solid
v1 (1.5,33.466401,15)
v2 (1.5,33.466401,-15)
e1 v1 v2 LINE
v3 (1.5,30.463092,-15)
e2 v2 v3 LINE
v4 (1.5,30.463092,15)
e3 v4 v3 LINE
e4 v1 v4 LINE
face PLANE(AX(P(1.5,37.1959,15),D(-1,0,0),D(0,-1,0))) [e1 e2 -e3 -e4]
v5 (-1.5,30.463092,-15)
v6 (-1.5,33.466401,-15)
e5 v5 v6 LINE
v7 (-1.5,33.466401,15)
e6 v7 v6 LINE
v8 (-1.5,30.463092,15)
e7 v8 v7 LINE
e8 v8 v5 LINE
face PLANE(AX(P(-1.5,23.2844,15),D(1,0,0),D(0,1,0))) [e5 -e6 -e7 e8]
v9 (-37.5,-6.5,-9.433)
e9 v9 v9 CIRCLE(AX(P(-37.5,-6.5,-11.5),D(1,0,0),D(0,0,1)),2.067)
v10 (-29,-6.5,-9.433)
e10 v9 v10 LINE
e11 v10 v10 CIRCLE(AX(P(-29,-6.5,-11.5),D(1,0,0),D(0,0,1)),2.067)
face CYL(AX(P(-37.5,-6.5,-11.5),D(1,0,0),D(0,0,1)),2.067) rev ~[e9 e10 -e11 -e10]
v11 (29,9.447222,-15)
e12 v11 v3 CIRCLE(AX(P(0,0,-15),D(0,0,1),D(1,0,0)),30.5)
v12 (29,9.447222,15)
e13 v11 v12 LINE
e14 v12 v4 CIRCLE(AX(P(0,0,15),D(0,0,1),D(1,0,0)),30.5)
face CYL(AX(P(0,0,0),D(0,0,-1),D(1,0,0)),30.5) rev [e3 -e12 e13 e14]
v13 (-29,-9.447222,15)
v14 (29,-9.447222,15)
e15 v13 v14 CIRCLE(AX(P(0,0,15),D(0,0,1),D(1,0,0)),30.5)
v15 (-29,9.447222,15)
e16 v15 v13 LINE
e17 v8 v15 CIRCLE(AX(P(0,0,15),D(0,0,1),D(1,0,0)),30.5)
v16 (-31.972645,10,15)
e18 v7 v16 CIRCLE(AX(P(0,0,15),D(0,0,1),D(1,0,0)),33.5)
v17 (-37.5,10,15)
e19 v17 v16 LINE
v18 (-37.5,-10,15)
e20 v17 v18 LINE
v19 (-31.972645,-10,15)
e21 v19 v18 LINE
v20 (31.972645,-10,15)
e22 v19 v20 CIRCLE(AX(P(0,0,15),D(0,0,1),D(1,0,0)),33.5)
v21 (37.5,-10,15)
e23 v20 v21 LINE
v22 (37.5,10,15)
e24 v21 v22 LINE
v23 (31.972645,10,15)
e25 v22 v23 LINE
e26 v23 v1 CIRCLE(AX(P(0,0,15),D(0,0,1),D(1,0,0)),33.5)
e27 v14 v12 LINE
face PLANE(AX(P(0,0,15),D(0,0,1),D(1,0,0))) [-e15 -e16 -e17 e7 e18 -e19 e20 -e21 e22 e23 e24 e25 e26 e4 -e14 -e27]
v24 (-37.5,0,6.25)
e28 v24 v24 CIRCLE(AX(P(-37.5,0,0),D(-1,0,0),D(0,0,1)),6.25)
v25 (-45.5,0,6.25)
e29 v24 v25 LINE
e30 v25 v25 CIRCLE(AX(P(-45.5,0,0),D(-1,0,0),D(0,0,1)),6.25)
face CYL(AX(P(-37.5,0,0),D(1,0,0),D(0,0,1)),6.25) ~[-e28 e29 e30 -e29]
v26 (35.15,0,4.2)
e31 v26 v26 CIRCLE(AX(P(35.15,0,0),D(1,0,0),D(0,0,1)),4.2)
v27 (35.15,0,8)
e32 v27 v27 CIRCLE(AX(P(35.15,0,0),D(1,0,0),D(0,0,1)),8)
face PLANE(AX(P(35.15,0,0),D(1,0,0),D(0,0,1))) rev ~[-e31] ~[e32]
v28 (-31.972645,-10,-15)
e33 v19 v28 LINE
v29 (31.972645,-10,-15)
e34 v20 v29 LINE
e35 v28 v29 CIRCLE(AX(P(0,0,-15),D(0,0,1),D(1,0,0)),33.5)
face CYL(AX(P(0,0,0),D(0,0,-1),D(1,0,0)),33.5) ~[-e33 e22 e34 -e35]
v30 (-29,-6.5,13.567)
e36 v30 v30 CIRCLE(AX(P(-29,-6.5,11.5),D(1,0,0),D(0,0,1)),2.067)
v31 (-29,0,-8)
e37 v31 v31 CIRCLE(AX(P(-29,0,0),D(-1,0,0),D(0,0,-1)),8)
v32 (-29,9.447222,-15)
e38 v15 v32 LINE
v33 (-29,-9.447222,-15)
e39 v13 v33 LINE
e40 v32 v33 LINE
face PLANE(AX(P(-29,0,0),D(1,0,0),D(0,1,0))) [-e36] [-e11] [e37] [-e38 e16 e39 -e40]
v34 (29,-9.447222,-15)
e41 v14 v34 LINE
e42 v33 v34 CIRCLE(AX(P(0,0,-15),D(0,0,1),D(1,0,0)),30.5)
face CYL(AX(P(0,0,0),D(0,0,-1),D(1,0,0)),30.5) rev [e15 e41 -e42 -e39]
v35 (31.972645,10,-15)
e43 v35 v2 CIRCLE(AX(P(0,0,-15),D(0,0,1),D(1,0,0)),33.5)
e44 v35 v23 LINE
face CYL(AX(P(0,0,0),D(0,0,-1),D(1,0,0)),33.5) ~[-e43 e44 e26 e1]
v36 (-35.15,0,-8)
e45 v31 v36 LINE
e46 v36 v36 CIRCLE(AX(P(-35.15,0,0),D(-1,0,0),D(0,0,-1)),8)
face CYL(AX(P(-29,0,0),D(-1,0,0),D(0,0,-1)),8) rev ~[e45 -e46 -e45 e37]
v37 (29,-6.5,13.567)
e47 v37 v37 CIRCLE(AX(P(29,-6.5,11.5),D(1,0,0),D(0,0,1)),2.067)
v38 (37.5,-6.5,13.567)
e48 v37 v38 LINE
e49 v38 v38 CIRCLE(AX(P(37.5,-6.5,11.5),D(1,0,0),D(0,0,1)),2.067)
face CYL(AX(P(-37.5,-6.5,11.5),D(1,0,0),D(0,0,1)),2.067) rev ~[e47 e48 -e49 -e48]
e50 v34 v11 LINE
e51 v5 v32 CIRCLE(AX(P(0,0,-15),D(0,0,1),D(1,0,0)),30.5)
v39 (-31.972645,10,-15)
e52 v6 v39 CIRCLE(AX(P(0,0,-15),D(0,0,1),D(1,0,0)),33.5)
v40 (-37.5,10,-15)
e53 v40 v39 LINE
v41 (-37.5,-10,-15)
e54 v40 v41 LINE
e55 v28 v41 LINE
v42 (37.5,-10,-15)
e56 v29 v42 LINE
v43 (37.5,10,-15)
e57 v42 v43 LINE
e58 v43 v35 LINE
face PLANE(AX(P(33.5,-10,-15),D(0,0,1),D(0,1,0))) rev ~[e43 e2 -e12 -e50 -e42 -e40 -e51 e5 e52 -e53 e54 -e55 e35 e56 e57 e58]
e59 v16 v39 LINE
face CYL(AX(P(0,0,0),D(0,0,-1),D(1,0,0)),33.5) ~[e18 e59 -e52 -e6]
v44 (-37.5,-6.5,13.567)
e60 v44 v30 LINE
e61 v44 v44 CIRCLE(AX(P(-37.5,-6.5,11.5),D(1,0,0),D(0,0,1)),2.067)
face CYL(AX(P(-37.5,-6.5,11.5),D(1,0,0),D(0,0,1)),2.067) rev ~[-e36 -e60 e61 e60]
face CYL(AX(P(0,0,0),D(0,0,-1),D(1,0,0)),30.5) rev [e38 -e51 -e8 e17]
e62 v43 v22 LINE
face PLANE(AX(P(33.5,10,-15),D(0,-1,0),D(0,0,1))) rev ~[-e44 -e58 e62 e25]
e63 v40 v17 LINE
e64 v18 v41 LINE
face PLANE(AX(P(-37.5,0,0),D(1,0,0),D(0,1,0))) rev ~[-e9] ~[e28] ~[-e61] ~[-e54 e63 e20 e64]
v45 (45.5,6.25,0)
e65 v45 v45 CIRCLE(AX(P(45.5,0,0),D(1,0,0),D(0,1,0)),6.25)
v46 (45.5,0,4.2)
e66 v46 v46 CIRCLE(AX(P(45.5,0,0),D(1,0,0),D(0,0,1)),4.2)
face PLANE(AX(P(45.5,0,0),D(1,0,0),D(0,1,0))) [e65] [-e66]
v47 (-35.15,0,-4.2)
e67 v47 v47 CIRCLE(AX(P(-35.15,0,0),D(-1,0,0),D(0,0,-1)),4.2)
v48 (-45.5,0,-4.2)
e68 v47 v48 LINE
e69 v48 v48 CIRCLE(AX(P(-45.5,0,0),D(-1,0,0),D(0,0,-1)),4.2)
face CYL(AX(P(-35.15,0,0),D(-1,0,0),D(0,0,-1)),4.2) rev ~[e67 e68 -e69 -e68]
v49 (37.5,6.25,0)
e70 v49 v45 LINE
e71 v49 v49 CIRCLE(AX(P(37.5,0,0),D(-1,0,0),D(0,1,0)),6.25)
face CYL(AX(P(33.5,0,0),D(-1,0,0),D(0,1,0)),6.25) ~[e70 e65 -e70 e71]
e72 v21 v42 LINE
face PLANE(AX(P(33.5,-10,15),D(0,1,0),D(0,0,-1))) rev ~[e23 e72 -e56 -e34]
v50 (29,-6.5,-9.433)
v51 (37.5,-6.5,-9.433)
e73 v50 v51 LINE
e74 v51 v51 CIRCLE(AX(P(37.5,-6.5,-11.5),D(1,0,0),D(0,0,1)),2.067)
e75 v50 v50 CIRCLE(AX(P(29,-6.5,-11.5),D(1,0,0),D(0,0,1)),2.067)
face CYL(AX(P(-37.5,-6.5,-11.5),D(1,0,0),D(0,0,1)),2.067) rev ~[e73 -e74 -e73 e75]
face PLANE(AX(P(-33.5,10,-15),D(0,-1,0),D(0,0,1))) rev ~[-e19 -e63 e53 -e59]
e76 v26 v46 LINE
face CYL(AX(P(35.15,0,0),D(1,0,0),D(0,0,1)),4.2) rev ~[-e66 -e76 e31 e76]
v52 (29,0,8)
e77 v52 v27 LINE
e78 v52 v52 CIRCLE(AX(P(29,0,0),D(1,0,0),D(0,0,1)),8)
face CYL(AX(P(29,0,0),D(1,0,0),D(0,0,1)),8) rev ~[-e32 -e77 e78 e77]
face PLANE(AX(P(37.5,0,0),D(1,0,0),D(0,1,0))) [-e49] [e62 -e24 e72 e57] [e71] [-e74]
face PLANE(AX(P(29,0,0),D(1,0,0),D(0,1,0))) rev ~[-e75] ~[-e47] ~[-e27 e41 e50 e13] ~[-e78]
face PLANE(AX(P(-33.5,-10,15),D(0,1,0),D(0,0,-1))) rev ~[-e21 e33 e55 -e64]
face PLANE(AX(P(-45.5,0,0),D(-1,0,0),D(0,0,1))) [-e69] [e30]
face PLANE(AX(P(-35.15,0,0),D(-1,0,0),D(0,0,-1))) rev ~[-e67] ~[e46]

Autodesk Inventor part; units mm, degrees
ref_plane "XZ Plane" through (0, 0, 0) normal (0, 1, 0) x (-1, 0, 0)
ref_plane "XY Plane" through (0, 0, 0) normal (0, 0, 1) x (1, 0, 0)
sketch "Sketch1" plane through (0, 0, 0) normal (0, 0, 1) x (1, 0, 0)
  circle A0 centre (0, 0) radius 30.5
  circle A1 centre (0, 0) radius 33.5
  dimension "d0" = 61
  dimension "d1" = 67
extrude "Extrusion1" add sketch "Sketch1" along normal mid plane 30
ref_plane "Work Plane2" through (-33.5, 0, 0) normal (1, 0, 0) x (0, 1, 0)
ref_plane "Work Plane1" through (33.5, 0, 0) normal (1, 0, 0) x (0, 1, 0)
sketch "Sketch3" plane through (33.5, 0, 0) normal (1, 0, 0) x (0, 1, 0)
  line L0 (-30.5, 15) -> (30.5, 15) projected
  line L1 (-10, -15) -> (10, -15)
  line L2 (10, -15) -> (10, 15)
  line L3 (10, 15) -> (-10, 15)
  line L4 (-10, 15) -> (-10, -15)
  line L5 (-10, -15) -> (10, 15) construction
  line L6 (10, -15) -> (-10, 15) construction
  point P0 (0, 0)
  dimension "d20" = 20
extrude "Extrusion2" add sketch "Sketch3" along normal blind 4 and the other way blind 4.5
sketch "Sketch4" plane through (-33.5, 0, 0) normal (1, 0, 0) x (0, 1, 0)
  line L0 (30.5, -15) -> (-30.5, -15) projected
  line L1 (10, 15) -> (-10, 15)
  line L2 (-10, 15) -> (-10, -15)
  line L3 (-10, -15) -> (10, -15)
  line L4 (10, -15) -> (10, 15)
  line L5 (10, 15) -> (-10, -15) construction
  line L6 (-10, 15) -> (10, -15) construction
  point P0 (0, 0)
  dimension "d25" = 20
extrude "Extrusion3" add sketch "Sketch4" along normal blind 4.5 and the other way blind 4
sketch "Sketch5" plane through (33.5, 0, 0) normal (1, 0, 0) x (0, 1, 0)
  circle A0 centre (0, 0) radius 3.5
  circle A1 centre (0, 0) radius 6.25
  dimension "d30" = 7
  dimension "d31" = 12.5
extrude "Extrusion4" add sketch "Sketch5" along normal blind 12
sketch "Sketch6" plane through (-37.5, 0, 0) normal (-1, 0, 0) x (0, 0, 1)
  circle A0 centre (0, 0) radius 3.5
  circle A1 centre (0, 0) radius 6.25
  dimension "d35" = 7
  dimension "d36" = 12.5
extrude "Extrusion5" add sketch "Sketch6" along normal blind 8
sketch "Sketch8" plane through (-29, 0, 0) normal (1, 0, 0) x (0, 0, -1)
  point P0 (0, 0)
  point P1 (0, 0)
hole "Hole3" at (-29, 0, 0) direction (-1, 0, 0) diameter 8.4 depth 16.5 counterbore diameter 16 counterbore depth 6.15
sketch "Sketch9" plane through (29, 0, 0) normal (-1, 0, 0) x (0, 0, 1)
  point P0 (0, 0)
  point P1 (0, 0)
hole "Hole4" at (29, 0, 0) direction (1, 0, 0) diameter 8.4 depth 16.5 counterbore diameter 16 counterbore depth 6.15
sketch "Sketch10" plane through (-37.5, 0, 0) normal (-1, 0, 0) x (0, 0, 1)
  line L0 (-15, 10) -> (-15, -10) projected
  line L1 (15, -10) -> (15, 10) projected
  line L2 (-15, -10) -> (15, -10) projected
  point P0 (0, 0)
  point P1 (11.5, -6.5)
  point P2 (-11.5, -6.5)
  dimension "d58" = 3.5
  dimension "d59" = 3.5
  dimension "d60" = 3.5
hole "Hole5" at (-37.5, -6.5, 11.5) at (-37.5, -6.5, -11.5) direction (1, 0, 0) diameter 4.134 depth 75 thread size "M5x0.8" class "6H" standard "ANSI Metric M Profile"
sketch "Sketch11" plane through (0, 0, 15) normal (0, 0, 1) x (1, 0, 0)
  line L0 (-1.5, 37.1959) -> (1.5, 37.1959)
  line L1 (1.5, 37.1959) -> (1.5, 23.2844)
  line L2 (1.5, 23.2844) -> (-1.5, 23.2844)
  line L3 (-1.5, 23.2844) -> (-1.5, 37.1959)
  point P0 (0, 0)
  dimension "d68" = 1.5
  dimension "d69" = 1.5
extrude "Extrusion7" cut sketch "Sketch11" against normal through all
equation "\"d25\" = d20"
equation "\"d59\" = d58"
properties part number "Soporte_PVC_Balancin"
